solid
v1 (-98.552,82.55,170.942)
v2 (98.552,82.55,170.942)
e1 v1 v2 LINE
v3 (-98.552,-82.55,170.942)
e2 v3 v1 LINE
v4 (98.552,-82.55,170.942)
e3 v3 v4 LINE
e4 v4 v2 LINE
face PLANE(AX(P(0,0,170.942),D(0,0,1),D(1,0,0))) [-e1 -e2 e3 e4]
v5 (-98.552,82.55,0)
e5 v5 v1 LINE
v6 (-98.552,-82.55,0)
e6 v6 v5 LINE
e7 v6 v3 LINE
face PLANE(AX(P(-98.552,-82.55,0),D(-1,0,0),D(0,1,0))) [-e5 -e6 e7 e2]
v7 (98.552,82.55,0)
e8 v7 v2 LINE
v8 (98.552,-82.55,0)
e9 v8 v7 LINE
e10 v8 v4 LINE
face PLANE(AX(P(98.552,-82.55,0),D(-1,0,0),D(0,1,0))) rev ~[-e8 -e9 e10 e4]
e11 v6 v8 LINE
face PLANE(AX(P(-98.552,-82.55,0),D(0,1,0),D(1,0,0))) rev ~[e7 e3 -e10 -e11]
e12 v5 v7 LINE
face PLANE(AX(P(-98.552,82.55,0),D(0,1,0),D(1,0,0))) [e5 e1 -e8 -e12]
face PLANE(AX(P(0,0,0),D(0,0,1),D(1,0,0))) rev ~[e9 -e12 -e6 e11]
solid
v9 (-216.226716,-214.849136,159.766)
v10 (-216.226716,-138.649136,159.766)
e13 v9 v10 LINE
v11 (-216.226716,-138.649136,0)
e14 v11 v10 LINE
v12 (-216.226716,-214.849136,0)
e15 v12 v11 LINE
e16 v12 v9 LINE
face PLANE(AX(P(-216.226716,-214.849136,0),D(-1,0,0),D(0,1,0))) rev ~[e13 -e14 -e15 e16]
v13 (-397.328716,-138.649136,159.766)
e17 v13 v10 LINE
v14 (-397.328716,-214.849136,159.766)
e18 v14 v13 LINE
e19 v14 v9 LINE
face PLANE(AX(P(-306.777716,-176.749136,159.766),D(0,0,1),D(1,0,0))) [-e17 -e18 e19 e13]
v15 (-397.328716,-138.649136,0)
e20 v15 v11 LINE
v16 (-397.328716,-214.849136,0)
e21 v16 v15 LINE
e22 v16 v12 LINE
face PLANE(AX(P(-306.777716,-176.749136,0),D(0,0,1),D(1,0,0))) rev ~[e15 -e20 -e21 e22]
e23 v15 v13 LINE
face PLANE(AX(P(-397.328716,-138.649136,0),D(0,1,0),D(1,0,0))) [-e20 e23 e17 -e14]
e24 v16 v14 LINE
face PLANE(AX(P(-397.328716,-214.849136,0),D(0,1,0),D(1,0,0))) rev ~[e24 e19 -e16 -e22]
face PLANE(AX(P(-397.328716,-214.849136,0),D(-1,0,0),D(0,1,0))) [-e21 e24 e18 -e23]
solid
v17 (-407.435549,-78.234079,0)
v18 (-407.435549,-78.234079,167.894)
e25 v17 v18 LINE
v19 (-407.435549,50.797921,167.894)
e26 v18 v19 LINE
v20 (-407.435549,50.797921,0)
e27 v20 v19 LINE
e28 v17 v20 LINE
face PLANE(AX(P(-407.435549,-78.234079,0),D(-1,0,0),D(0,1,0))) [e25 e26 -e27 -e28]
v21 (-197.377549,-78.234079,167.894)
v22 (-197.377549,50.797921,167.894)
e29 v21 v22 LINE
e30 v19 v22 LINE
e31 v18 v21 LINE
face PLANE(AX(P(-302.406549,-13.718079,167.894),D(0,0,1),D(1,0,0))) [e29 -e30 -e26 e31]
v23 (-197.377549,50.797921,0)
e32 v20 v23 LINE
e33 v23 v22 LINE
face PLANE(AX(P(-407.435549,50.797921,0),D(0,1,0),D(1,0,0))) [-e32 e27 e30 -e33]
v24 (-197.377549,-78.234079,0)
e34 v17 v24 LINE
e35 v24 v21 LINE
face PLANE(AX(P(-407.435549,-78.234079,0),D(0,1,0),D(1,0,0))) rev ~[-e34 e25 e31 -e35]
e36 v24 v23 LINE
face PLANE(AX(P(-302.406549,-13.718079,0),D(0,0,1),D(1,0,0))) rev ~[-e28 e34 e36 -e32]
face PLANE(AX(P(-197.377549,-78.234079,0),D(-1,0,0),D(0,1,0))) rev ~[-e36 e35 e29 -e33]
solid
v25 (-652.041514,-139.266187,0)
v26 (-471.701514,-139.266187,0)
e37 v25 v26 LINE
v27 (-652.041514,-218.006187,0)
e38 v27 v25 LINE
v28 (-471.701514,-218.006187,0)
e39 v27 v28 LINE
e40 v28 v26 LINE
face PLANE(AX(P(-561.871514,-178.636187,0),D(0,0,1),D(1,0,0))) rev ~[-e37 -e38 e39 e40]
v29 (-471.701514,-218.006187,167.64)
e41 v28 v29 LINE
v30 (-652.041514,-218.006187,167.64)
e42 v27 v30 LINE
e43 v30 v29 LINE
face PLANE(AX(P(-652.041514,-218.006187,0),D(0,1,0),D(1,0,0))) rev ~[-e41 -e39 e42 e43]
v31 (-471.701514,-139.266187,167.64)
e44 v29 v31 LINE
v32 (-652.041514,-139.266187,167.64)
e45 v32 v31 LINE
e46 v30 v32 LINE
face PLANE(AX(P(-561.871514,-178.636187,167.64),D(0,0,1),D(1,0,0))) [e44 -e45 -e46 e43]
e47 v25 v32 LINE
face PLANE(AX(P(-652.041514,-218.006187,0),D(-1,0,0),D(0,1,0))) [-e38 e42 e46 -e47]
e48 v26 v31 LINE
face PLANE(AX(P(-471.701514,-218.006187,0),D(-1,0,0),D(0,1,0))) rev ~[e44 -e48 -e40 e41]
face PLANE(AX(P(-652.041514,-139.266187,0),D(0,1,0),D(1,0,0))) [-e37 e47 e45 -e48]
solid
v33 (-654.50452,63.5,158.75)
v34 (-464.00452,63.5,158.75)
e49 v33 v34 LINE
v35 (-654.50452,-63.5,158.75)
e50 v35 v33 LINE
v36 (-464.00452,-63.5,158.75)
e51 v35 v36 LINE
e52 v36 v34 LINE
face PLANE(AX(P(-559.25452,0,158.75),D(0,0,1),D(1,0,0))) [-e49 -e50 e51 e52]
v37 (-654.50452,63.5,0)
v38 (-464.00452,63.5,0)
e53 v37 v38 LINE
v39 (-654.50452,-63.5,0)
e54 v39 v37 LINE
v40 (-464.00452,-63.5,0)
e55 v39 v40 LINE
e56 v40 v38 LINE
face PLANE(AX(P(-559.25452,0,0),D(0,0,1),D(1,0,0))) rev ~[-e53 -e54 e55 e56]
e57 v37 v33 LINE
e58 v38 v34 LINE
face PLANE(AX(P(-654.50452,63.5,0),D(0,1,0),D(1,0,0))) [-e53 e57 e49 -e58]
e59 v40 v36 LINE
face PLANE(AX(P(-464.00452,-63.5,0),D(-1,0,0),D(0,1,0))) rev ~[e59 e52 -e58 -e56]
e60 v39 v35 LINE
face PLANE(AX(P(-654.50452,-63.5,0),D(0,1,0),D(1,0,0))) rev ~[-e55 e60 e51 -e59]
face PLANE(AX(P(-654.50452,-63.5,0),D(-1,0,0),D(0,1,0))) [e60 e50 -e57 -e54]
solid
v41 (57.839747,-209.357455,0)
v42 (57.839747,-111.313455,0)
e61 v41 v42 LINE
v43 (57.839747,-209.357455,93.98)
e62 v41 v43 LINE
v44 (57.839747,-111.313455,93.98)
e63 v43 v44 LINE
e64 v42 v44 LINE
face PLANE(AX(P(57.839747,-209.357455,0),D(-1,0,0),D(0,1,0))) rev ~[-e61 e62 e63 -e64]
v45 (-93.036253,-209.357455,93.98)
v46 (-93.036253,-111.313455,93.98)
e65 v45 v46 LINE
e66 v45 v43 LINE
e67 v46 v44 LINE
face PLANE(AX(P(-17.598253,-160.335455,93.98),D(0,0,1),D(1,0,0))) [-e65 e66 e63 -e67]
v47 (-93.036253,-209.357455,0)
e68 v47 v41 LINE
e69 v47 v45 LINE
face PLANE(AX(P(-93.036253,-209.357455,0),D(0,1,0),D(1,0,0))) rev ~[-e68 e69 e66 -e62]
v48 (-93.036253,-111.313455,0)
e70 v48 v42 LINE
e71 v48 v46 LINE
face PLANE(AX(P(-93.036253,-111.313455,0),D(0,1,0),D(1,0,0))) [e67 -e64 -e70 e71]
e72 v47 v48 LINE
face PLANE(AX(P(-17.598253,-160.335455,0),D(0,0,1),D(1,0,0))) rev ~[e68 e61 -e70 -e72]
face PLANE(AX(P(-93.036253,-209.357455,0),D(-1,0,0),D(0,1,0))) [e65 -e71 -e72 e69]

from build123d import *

# Parameters (mm, degrees)
F0_W      = 197.104
F0_H      = 165.1
F1_DEPTH  = 170.942
F2_W      = 210.058
F2_H      = 129.032
F3_DEPTH  = 167.894
F4_W      = 181.102
F4_H      = 76.2
F5_DEPTH  = 159.766
F6_W      = 150.876
F6_H      = 98.044
F7_DEPTH  = 93.98
F8_W      = 190.5
F8_H      = 127
F9_DEPTH  = 158.75
F10_W     = 180.34
F10_H     = 78.74
F11_DEPTH = 167.64


with BuildPart() as f1:
    # F0 (on Top) → F1 (new body)
    with BuildSketch(Plane.XY):
        Rectangle(F0_W, F0_H)
    extrude(amount=F1_DEPTH)


with BuildPart() as f3:
    # F2 (on Top) → F3 (new body)
    with BuildSketch(Plane.XY):
        with Locations((-302.406549, -13.718079)):
            Rectangle(F2_W, F2_H)
    extrude(amount=F3_DEPTH)


with BuildPart() as f5:
    # F4 (on Top) → F5 (new body)
    with BuildSketch(Plane.XY):
        with Locations((-306.777716, -176.749136)):
            Rectangle(F4_W, F4_H)
    extrude(amount=F5_DEPTH)


with BuildPart() as f7:
    # F6 (on Top) → F7 (new body)
    with BuildSketch(Plane.XY):
        with Locations((-17.598253, -160.335455)):
            Rectangle(F6_W, F6_H)
    extrude(amount=F7_DEPTH)


with BuildPart() as f9:
    # F8 (on Top) → F9 (new body)
    with BuildSketch(Plane.XY):
        with Locations((-559.25452, 0)):
            Rectangle(F8_W, F8_H)
    extrude(amount=F9_DEPTH)


with BuildPart() as f11:
    # F10 (on Top) → F11 (new body)
    with BuildSketch(Plane.XY):
        with Locations((-561.871514, -178.636187)):
            Rectangle(F10_W, F10_H)
    extrude(amount=F11_DEPTH)


solid = Compound([f1.part, f3.part, f5.part, f7.part, f9.part, f11.part])
